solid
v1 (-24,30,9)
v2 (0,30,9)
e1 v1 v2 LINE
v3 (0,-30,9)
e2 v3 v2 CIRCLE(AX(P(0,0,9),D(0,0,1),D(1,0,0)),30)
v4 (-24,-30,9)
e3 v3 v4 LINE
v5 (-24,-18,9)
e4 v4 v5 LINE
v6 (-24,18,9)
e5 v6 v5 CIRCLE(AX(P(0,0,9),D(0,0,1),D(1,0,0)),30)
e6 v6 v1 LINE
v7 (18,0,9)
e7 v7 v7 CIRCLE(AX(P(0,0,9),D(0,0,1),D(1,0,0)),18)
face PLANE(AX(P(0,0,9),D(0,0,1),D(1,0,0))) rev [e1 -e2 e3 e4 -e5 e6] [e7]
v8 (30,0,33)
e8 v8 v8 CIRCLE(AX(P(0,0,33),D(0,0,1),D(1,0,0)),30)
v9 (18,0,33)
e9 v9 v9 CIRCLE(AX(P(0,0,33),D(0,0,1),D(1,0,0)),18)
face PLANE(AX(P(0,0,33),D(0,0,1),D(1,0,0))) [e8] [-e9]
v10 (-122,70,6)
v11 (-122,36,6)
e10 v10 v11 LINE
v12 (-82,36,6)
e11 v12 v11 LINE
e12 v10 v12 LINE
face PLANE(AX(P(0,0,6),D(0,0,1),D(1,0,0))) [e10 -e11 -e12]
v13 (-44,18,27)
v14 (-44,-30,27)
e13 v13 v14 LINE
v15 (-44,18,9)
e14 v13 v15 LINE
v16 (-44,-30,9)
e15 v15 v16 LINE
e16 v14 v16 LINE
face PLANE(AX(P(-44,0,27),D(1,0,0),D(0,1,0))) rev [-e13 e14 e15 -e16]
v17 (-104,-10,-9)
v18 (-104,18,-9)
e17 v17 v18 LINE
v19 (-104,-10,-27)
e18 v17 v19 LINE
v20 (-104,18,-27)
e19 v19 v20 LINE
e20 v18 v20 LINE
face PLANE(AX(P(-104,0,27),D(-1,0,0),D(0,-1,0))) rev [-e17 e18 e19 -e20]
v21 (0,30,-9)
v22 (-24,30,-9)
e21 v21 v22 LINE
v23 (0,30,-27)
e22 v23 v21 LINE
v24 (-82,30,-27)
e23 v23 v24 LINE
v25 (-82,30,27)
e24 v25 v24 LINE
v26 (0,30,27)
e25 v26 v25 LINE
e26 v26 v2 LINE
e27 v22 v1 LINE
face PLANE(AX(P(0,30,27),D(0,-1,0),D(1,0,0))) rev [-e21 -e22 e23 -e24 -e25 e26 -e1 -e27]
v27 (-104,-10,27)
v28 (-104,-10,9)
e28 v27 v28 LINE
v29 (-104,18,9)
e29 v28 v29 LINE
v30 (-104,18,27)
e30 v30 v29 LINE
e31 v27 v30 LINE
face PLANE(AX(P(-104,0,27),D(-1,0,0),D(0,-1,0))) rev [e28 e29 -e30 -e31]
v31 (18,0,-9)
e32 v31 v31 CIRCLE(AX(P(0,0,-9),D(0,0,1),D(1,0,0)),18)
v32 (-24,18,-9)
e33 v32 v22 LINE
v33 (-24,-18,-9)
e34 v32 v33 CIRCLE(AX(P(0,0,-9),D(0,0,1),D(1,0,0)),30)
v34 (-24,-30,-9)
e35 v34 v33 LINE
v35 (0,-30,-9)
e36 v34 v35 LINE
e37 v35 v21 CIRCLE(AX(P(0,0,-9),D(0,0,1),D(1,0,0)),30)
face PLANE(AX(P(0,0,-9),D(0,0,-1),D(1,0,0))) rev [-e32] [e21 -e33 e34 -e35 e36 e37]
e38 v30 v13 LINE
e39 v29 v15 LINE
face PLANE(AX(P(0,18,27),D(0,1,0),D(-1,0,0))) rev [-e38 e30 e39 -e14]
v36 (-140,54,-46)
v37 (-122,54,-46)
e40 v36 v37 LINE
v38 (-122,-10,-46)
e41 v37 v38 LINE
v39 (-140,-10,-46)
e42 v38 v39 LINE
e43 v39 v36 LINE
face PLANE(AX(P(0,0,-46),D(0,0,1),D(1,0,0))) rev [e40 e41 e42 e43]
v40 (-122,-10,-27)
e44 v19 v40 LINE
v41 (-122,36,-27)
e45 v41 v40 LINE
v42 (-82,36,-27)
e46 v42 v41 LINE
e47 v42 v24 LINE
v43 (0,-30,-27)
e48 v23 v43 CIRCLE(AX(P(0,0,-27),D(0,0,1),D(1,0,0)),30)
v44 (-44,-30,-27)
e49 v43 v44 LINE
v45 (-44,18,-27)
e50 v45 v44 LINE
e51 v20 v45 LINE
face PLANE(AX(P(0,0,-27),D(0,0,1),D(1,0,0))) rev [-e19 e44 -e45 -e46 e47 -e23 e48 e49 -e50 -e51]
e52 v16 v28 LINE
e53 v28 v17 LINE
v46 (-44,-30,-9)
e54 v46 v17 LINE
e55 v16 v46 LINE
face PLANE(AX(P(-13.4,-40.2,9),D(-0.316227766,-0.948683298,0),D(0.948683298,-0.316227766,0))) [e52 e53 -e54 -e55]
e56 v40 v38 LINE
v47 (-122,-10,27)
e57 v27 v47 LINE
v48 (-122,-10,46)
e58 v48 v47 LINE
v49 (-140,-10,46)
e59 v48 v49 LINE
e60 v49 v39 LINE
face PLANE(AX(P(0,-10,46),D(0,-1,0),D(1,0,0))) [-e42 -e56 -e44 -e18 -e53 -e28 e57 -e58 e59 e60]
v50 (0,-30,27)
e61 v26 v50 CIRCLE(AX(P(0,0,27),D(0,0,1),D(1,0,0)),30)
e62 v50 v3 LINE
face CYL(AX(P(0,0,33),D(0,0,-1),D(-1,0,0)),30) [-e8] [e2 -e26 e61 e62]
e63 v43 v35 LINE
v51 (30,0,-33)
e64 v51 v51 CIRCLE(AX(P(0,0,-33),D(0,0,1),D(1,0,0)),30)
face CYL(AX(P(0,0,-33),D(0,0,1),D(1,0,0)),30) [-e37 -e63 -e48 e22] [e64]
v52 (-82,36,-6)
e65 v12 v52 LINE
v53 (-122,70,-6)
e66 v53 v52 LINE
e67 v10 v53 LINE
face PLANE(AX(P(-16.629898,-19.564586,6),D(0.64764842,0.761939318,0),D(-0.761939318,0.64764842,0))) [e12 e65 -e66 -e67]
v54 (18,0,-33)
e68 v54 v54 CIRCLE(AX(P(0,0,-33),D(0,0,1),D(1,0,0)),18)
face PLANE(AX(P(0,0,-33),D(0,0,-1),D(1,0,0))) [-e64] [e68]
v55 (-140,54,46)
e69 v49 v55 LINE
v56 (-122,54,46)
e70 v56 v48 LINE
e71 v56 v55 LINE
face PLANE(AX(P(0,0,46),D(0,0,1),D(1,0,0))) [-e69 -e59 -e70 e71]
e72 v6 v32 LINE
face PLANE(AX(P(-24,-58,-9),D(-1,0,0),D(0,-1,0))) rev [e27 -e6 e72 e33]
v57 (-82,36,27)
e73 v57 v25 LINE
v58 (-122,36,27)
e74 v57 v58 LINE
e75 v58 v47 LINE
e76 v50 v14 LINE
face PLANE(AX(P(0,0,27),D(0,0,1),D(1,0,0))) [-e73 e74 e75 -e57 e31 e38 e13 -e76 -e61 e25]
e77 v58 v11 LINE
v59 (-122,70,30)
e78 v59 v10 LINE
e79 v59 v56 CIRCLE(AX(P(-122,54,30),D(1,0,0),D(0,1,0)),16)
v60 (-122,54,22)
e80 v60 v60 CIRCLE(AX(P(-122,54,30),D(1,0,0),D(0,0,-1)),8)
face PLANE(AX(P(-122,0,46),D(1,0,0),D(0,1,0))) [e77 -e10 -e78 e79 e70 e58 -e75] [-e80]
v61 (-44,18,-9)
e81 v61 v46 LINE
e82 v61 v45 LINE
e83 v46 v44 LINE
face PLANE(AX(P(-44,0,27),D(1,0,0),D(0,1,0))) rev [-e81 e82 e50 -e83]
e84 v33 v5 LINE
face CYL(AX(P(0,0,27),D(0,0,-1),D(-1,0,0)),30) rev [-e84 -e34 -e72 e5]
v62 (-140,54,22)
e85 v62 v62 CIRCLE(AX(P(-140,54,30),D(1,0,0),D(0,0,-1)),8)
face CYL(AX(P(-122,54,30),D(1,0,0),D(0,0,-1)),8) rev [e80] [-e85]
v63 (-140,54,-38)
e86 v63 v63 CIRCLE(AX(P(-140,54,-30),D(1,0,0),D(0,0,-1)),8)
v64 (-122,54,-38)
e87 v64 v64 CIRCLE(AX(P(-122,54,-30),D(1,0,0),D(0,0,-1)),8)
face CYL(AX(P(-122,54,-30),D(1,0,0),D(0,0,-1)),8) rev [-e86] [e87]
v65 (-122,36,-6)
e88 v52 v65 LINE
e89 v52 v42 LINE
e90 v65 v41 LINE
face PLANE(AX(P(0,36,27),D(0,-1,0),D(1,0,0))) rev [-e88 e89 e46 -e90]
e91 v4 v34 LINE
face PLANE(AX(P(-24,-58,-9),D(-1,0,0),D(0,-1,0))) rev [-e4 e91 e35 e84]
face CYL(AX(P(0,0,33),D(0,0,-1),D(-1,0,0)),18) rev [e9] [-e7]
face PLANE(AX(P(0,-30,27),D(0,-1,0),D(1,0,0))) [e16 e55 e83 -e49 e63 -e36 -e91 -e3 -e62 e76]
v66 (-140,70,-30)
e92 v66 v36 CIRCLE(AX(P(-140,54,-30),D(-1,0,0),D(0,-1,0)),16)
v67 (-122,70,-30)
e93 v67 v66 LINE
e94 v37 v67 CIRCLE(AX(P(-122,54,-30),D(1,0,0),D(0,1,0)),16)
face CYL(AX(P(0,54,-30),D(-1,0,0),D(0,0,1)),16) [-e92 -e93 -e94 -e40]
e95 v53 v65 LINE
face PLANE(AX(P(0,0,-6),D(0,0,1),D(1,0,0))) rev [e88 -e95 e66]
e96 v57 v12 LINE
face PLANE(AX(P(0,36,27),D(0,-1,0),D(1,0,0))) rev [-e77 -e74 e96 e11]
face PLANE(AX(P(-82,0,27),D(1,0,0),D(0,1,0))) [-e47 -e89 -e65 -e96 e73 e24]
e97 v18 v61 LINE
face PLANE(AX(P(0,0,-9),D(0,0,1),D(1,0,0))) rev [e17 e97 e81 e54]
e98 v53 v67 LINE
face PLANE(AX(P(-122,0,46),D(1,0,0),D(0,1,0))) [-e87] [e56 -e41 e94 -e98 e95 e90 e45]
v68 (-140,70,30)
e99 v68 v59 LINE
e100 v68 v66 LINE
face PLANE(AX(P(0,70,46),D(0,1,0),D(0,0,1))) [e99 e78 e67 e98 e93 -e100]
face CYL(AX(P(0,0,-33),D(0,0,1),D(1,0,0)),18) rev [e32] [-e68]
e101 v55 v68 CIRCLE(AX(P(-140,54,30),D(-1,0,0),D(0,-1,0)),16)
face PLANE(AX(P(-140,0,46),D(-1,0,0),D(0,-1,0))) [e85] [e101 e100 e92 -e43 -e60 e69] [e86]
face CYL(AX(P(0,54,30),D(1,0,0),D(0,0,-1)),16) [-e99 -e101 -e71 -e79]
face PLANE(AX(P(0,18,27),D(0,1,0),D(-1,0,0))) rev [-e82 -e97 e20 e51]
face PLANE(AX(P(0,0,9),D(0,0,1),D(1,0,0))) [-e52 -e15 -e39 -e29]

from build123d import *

# Parameters (mm, degrees)
BOSS_EXTRUDE1_DEPTH    = 46
BOSS_EXTRUDE2_DEPTH    = 27
BOSS_EXTRUDE3_START    = 33
SKETCH1_4_R            = 18
BOSS_EXTRUDE3_DEPTH    = 24
FILLET1_R              = 16
BOSS_EXTRUDE4_DEPTH    = 6
BOSS_EXTRUDE5_DEPTH    = 9
F_16_0MM_DOWEL_HOLE1_D = 16
SKETCH3_W              = 48
SKETCH3_H              = 18
CUT_EXTRUDE1_DEPTH     = 88


with BuildPart() as part:
    # Sketch1 → Boss-Extrude1 (new, symmetric)
    with BuildSketch(Plane.XY):
        Polygon((-122, 36), (-122, 70), (-140, 70), (-140, -10), (-122, -10), align=None)
    extrude(amount=BOSS_EXTRUDE1_DEPTH, both=True)

    # Sketch1<3> → Boss-Extrude2 (add, symmetric)
    with BuildSketch(Plane.XY):
        with BuildLine():
            ThreePointArc((0, -30), (-30, 0), (0, 30))
            Line((0, 30), (-82, 30))
            Line((-82, 30), (-82, 36))
            Line((-82, 36), (-122, 36))
            Line((-122, 36), (-122, -10))
            Line((-122, -10), (-104, -10))
            Line((-104, -10), (-104, 18))
            Line((-104, 18), (-44, 18))
            Line((-44, 18), (-44, -30))
            Line((-44, -30), (0, -30))
        make_face()
    extrude(amount=BOSS_EXTRUDE2_DEPTH, both=True)

    # Sketch1<4> → Boss-Extrude3 (add)
    with BuildSketch(Plane.XY.offset(BOSS_EXTRUDE3_START)):
        with BuildLine():
            ThreePointArc((30, 0), (21.213203436, 21.213203436), (0, 30))
            ThreePointArc((0, 30), (-30, 0), (0, -30))
            ThreePointArc((0, -30), (21.213203436, -21.213203436), (30, 0))
        make_face()
        Circle(SKETCH1_4_R, mode=Mode.SUBTRACT)
    boss_extrude3 = extrude(amount=-BOSS_EXTRUDE3_DEPTH)

    # Mirror1: Boss-Extrude3 across plane
    add(boss_extrude3.mirror(Plane.XY))

    # Fillet1
    fillet1_edges = [part.edges().sort_by_distance(p)[0] for p in [
        (-131, 70, -46),
        (-131, 70, 46),
    ]]
    fillet(fillet1_edges, radius=FILLET1_R)

    # Sketch1<7> → Boss-Extrude4 (add, symmetric)
    with BuildSketch(Plane.XY):
        Polygon((-122, 36), (-82, 36), (-122, 70), align=None)
    extrude(amount=BOSS_EXTRUDE4_DEPTH, both=True)

    # Sketch1<8> → Boss-Extrude5 (add, symmetric)
    with BuildSketch(Plane.XY):
        Polygon((-104, -10), (-44, -30), (-44, 18), (-104, 18), align=None)
    extrude(amount=BOSS_EXTRUDE5_DEPTH, both=True)

    # Ø16.0mm Dowel Hole1 (through all)
    with Locations(Plane(origin=(-122, 54, 30), x_dir=(0, 1, 0), z_dir=(1, 0, 0))):
        with Locations((0, 0), (0, -60)):
            Hole(F_16_0MM_DOWEL_HOLE1_D / 2)

    # Sketch3 → Cut-Extrude1 (cut)
    with BuildSketch(Plane(origin=(0, 30, 0), x_dir=(1, 0, 0), z_dir=(0, 1, 0))):
        Rectangle(SKETCH3_W, SKETCH3_H)
    extrude(amount=-CUT_EXTRUDE1_DEPTH, mode=Mode.SUBTRACT)


solid = part.part
